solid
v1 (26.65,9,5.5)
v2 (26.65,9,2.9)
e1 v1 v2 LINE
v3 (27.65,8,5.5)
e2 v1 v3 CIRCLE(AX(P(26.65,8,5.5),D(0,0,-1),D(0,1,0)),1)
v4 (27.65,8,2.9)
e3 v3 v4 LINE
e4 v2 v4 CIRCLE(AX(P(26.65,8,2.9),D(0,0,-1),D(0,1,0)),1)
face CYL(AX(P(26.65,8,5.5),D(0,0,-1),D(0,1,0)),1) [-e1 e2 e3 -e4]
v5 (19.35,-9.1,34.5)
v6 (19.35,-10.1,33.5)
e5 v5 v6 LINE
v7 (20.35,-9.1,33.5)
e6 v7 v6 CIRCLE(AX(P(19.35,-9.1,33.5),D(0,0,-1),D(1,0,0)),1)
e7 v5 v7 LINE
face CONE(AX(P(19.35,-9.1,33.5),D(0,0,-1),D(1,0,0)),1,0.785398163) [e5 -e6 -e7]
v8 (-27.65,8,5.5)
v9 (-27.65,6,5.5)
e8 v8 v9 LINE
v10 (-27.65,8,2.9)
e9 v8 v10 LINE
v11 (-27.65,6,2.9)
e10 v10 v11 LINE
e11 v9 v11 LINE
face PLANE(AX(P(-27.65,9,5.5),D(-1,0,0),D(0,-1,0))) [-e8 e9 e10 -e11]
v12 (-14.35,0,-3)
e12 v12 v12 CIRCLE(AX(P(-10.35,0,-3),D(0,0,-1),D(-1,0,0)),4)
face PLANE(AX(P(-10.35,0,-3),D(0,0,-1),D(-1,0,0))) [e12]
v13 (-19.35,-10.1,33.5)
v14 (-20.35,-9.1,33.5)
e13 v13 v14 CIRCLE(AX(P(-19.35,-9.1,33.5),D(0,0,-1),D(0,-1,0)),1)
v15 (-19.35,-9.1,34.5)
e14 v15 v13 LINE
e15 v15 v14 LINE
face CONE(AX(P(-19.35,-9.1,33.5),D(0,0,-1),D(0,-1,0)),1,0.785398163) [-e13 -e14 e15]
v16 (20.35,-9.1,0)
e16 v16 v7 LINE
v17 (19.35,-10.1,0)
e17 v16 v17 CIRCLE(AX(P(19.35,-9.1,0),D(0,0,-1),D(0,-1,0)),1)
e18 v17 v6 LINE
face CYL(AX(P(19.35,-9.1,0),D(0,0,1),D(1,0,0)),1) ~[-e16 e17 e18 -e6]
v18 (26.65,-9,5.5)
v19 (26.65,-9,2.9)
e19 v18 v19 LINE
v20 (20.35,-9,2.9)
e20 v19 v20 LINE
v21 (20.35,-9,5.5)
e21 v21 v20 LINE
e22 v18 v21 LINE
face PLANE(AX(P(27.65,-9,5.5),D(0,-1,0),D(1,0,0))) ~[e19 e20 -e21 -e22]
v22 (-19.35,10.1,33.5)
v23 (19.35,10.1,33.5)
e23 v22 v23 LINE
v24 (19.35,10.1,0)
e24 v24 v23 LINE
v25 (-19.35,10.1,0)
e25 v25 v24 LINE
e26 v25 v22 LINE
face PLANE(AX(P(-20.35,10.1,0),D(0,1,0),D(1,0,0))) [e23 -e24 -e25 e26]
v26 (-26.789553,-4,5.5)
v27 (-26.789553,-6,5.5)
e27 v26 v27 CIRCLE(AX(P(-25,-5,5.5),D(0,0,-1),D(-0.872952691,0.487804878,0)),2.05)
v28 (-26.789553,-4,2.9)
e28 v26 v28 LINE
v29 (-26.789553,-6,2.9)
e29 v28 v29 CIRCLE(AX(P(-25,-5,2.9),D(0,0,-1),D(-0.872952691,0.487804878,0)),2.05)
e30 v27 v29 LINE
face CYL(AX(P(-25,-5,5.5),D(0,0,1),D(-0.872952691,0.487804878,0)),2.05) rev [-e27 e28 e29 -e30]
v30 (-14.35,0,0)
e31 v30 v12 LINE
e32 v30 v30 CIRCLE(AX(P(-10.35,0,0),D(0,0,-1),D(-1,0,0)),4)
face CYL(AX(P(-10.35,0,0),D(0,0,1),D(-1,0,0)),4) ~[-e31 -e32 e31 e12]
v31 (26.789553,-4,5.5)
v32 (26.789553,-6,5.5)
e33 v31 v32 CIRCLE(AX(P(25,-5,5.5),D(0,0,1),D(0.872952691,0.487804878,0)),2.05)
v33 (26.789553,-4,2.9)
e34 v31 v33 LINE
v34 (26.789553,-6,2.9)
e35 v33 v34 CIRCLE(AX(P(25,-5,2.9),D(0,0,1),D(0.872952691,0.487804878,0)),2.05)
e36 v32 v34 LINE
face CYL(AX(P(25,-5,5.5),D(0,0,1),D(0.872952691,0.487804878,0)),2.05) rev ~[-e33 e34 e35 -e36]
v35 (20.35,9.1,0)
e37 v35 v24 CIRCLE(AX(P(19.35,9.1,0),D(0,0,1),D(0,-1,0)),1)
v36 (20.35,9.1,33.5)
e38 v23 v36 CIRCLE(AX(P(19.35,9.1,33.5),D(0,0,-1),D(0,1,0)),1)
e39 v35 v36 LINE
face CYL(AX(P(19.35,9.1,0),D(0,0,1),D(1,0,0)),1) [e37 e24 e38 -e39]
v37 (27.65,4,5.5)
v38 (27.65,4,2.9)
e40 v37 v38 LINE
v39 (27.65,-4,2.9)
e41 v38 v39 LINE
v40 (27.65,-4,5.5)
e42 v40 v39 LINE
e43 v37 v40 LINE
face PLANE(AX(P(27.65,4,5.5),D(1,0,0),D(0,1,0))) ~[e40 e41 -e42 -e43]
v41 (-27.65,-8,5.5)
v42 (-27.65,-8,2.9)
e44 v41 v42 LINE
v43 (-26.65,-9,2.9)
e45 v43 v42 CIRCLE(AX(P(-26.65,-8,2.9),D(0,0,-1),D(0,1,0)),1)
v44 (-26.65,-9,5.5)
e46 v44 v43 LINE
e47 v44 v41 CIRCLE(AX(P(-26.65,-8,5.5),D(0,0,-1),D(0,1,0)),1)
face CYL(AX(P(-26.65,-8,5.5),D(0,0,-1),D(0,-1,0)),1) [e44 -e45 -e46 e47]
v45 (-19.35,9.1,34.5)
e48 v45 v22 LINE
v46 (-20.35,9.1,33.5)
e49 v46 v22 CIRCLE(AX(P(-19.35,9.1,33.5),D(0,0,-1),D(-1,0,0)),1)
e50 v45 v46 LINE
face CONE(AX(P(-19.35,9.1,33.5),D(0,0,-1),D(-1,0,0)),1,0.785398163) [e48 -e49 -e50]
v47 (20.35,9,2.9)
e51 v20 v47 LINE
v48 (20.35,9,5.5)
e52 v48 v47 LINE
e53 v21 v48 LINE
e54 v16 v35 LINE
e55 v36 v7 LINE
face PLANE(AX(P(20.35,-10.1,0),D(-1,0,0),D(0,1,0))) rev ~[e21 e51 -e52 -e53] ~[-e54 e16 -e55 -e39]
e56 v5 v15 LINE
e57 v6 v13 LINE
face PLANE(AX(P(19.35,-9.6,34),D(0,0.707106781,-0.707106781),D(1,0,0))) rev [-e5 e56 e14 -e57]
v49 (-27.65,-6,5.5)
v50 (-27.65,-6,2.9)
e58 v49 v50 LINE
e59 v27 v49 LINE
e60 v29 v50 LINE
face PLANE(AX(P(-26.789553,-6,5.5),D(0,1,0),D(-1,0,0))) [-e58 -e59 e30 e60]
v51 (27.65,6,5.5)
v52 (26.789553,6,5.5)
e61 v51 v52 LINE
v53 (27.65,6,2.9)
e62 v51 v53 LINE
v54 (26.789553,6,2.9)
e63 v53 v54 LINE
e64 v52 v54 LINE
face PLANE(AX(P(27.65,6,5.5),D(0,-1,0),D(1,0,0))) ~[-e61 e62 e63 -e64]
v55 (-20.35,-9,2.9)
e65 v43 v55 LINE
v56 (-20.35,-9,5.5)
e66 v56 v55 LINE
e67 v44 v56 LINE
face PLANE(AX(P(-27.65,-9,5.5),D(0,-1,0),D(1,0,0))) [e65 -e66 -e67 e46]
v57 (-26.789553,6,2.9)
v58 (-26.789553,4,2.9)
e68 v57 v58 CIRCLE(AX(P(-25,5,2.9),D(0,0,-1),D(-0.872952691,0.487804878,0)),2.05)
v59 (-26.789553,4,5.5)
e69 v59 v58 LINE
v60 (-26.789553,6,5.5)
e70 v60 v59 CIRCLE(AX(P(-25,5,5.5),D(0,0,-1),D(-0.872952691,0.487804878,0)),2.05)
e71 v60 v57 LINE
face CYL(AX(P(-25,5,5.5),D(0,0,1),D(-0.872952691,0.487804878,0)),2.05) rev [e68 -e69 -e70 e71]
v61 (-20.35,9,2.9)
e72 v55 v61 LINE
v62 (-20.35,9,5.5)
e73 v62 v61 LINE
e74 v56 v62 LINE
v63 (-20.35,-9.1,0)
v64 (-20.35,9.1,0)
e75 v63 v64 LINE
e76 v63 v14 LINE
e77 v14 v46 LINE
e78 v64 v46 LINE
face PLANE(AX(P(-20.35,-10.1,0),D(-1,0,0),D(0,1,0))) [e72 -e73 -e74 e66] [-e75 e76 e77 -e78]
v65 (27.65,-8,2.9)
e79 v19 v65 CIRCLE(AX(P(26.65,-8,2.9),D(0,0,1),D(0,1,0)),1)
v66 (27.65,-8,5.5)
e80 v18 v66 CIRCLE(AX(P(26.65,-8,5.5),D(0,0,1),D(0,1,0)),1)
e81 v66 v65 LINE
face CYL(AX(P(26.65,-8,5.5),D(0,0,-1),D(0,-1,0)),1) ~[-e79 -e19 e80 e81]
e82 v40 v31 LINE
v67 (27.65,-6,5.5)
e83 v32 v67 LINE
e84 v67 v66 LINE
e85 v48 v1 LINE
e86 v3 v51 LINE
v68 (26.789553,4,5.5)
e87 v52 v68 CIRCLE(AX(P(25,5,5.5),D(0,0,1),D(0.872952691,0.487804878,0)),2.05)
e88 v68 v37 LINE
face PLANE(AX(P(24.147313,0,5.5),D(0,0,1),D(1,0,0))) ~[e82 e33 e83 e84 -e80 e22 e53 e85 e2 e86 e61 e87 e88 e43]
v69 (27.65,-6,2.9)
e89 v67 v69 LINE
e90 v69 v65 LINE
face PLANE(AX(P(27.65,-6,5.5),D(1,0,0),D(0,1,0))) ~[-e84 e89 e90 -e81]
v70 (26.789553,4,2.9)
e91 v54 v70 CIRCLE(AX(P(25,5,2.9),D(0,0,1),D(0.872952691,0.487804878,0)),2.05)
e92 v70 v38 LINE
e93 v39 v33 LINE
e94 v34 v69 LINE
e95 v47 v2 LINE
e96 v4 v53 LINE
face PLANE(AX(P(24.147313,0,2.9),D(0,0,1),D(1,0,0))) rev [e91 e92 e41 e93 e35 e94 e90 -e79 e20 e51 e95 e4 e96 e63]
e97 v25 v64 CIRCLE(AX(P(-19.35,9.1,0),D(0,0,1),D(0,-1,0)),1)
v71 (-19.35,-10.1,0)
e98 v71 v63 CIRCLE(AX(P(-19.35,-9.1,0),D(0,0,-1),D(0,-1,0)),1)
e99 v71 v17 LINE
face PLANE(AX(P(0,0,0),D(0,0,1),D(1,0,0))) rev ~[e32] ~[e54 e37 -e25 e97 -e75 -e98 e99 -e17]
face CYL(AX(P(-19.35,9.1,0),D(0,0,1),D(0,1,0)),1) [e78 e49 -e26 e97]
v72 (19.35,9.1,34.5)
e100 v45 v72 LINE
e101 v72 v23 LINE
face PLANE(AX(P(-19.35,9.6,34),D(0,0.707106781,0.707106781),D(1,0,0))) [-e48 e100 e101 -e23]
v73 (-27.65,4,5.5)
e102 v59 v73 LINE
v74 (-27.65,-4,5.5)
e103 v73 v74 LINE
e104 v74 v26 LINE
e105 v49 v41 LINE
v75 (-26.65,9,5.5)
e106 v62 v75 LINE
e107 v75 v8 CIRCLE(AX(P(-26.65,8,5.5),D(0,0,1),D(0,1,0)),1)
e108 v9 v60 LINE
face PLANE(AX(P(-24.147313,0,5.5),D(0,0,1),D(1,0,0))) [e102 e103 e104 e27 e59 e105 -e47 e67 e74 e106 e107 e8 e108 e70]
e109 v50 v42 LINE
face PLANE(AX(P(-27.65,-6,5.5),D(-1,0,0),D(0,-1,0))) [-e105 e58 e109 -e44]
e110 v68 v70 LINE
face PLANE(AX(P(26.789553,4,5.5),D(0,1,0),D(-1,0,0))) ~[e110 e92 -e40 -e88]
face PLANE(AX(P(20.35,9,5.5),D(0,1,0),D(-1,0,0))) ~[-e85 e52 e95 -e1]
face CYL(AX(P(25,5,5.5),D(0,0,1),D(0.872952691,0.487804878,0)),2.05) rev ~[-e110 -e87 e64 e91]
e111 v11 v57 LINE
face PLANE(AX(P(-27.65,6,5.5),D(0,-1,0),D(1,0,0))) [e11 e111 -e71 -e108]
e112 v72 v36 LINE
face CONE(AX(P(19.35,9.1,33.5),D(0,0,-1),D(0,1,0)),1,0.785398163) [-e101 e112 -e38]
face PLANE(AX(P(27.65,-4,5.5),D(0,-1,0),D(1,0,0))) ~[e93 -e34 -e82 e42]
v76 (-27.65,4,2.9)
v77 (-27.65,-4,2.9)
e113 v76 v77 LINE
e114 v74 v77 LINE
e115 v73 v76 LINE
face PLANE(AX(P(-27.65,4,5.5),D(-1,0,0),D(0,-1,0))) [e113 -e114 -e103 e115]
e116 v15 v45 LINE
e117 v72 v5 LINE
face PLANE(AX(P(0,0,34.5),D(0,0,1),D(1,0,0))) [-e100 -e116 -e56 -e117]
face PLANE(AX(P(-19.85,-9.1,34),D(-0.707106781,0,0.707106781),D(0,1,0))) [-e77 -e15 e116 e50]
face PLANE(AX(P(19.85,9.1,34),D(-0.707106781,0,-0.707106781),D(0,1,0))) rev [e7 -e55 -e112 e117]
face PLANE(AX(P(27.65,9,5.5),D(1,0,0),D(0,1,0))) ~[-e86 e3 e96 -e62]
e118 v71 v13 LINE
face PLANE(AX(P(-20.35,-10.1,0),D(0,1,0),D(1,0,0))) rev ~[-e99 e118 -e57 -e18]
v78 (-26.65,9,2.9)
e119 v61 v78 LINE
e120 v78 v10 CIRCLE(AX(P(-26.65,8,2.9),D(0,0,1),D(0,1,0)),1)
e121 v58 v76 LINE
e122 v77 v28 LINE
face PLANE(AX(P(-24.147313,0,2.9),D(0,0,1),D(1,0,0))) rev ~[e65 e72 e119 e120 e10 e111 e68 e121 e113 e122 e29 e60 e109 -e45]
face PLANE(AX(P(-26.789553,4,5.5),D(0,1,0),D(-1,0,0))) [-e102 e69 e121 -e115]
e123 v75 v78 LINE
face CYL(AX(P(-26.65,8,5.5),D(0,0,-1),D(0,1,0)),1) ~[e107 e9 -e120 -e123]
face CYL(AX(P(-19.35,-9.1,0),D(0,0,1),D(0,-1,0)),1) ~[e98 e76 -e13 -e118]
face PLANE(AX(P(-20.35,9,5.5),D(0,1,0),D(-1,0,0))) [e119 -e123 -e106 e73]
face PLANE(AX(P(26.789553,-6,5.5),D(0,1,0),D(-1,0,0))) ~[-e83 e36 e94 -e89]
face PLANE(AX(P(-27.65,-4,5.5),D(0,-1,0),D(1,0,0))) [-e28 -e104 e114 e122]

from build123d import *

# Parameters (mm, degrees)
SKETCH1_W            = 40.7
SKETCH1_H            = 20.2
BOSS_EXTRUDE1_DEPTH  = 34.5
BOSS_EXTRUDE2_DEPTH  = 2.6
FILLET2_R            = 1
FILLET2_OF_MIRROR1_R = 1
FILLET1_R            = 1
CHAMFER1_SIZE        = 1
SKETCH3_R            = 4
BOSS_EXTRUDE3_DEPTH  = 3


with BuildPart() as part:
    # Sketch1 → Boss-Extrude1 (new body)
    with BuildSketch(Plane.XY):
        Rectangle(SKETCH1_W, SKETCH1_H)
    extrude(amount=BOSS_EXTRUDE1_DEPTH)

    # Sketch2 → Boss-Extrude2 (add)
    with BuildSketch(Plane.XY.offset(5.5)):
        with BuildLine():
            Line((-20.35, 9), (-27.65, 9))
            Line((-27.65, 9), (-27.65, 6))
            Line((-27.65, 6), (-26.789553017, 6))
            ThreePointArc((-26.789553017, 6), (-22.95, 5), (-26.789553017, 4))
            Line((-26.789553017, 4), (-27.65, 4))
            Line((-27.65, 4), (-27.65, -4))
            Line((-27.65, -4), (-26.789553017, -4))
            ThreePointArc((-26.789553017, -4), (-22.95, -5), (-26.789553017, -6))
            Line((-26.789553017, -6), (-27.65, -6))
            Line((-27.65, -6), (-27.65, -9))
            Line((-27.65, -9), (-20.35, -9))
            Line((-20.35, -9), (-20.35, 9))
        make_face()
    boss_extrude2 = extrude(amount=-BOSS_EXTRUDE2_DEPTH)

    # Fillet2
    fillet2_edges = [part.edges().sort_by_distance(p)[0] for p in [
        (-27.65, -9, 4.2),
        (-27.65, 9, 4.2),
    ]]
    fillet(fillet2_edges, radius=FILLET2_R)

    # Mirror1: Boss-Extrude2 across plane
    add(boss_extrude2.mirror(Plane(origin=(0, 0, 0), x_dir=(0, 0, 1), z_dir=(1, 0, 0))))

    # Fillet2 of Mirror1
    fillet2_of_mirror1_edges = [part.edges().sort_by_distance(p)[0] for p in [
        (27.65, -9, 4.2),
        (27.65, 9, 4.2),
    ]]
    fillet(fillet2_of_mirror1_edges, radius=FILLET2_OF_MIRROR1_R)

    # Fillet1
    fillet1_edges = [part.edges().sort_by_distance(p)[0] for p in [
        (20.35, -10.1, 17.25),
        (-20.35, -10.1, 17.25),
        (-20.35, 10.1, 17.25),
        (20.35, 10.1, 17.25),
    ]]
    fillet(fillet1_edges, radius=FILLET1_R)

    # Chamfer1
    chamfer1_edges = [part.edges().sort_by_distance(p)[0] for p in [
        (-20.35, 0, 34.5),
        (20.35, 0, 34.5),
        (0, 10.1, 34.5),
        (-20.057106781, 9.807106781, 34.5),
        (20.057106781, 9.807106781, 34.5),
        (20.057106781, -9.807106781, 34.5),
        (-20.057106781, -9.807106781, 34.5),
        (0, -10.1, 34.5),
    ]]
    chamfer(chamfer1_edges, length=CHAMFER1_SIZE)

    # Sketch3 → Boss-Extrude3 (add)
    with BuildSketch(Plane(origin=(0, 0, 0), x_dir=(-1, 0, 0), z_dir=(0, 0, -1))):
        with Locations((10.35, 0)):
            Circle(SKETCH3_R)
    extrude(amount=BOSS_EXTRUDE3_DEPTH)


solid = part.part
